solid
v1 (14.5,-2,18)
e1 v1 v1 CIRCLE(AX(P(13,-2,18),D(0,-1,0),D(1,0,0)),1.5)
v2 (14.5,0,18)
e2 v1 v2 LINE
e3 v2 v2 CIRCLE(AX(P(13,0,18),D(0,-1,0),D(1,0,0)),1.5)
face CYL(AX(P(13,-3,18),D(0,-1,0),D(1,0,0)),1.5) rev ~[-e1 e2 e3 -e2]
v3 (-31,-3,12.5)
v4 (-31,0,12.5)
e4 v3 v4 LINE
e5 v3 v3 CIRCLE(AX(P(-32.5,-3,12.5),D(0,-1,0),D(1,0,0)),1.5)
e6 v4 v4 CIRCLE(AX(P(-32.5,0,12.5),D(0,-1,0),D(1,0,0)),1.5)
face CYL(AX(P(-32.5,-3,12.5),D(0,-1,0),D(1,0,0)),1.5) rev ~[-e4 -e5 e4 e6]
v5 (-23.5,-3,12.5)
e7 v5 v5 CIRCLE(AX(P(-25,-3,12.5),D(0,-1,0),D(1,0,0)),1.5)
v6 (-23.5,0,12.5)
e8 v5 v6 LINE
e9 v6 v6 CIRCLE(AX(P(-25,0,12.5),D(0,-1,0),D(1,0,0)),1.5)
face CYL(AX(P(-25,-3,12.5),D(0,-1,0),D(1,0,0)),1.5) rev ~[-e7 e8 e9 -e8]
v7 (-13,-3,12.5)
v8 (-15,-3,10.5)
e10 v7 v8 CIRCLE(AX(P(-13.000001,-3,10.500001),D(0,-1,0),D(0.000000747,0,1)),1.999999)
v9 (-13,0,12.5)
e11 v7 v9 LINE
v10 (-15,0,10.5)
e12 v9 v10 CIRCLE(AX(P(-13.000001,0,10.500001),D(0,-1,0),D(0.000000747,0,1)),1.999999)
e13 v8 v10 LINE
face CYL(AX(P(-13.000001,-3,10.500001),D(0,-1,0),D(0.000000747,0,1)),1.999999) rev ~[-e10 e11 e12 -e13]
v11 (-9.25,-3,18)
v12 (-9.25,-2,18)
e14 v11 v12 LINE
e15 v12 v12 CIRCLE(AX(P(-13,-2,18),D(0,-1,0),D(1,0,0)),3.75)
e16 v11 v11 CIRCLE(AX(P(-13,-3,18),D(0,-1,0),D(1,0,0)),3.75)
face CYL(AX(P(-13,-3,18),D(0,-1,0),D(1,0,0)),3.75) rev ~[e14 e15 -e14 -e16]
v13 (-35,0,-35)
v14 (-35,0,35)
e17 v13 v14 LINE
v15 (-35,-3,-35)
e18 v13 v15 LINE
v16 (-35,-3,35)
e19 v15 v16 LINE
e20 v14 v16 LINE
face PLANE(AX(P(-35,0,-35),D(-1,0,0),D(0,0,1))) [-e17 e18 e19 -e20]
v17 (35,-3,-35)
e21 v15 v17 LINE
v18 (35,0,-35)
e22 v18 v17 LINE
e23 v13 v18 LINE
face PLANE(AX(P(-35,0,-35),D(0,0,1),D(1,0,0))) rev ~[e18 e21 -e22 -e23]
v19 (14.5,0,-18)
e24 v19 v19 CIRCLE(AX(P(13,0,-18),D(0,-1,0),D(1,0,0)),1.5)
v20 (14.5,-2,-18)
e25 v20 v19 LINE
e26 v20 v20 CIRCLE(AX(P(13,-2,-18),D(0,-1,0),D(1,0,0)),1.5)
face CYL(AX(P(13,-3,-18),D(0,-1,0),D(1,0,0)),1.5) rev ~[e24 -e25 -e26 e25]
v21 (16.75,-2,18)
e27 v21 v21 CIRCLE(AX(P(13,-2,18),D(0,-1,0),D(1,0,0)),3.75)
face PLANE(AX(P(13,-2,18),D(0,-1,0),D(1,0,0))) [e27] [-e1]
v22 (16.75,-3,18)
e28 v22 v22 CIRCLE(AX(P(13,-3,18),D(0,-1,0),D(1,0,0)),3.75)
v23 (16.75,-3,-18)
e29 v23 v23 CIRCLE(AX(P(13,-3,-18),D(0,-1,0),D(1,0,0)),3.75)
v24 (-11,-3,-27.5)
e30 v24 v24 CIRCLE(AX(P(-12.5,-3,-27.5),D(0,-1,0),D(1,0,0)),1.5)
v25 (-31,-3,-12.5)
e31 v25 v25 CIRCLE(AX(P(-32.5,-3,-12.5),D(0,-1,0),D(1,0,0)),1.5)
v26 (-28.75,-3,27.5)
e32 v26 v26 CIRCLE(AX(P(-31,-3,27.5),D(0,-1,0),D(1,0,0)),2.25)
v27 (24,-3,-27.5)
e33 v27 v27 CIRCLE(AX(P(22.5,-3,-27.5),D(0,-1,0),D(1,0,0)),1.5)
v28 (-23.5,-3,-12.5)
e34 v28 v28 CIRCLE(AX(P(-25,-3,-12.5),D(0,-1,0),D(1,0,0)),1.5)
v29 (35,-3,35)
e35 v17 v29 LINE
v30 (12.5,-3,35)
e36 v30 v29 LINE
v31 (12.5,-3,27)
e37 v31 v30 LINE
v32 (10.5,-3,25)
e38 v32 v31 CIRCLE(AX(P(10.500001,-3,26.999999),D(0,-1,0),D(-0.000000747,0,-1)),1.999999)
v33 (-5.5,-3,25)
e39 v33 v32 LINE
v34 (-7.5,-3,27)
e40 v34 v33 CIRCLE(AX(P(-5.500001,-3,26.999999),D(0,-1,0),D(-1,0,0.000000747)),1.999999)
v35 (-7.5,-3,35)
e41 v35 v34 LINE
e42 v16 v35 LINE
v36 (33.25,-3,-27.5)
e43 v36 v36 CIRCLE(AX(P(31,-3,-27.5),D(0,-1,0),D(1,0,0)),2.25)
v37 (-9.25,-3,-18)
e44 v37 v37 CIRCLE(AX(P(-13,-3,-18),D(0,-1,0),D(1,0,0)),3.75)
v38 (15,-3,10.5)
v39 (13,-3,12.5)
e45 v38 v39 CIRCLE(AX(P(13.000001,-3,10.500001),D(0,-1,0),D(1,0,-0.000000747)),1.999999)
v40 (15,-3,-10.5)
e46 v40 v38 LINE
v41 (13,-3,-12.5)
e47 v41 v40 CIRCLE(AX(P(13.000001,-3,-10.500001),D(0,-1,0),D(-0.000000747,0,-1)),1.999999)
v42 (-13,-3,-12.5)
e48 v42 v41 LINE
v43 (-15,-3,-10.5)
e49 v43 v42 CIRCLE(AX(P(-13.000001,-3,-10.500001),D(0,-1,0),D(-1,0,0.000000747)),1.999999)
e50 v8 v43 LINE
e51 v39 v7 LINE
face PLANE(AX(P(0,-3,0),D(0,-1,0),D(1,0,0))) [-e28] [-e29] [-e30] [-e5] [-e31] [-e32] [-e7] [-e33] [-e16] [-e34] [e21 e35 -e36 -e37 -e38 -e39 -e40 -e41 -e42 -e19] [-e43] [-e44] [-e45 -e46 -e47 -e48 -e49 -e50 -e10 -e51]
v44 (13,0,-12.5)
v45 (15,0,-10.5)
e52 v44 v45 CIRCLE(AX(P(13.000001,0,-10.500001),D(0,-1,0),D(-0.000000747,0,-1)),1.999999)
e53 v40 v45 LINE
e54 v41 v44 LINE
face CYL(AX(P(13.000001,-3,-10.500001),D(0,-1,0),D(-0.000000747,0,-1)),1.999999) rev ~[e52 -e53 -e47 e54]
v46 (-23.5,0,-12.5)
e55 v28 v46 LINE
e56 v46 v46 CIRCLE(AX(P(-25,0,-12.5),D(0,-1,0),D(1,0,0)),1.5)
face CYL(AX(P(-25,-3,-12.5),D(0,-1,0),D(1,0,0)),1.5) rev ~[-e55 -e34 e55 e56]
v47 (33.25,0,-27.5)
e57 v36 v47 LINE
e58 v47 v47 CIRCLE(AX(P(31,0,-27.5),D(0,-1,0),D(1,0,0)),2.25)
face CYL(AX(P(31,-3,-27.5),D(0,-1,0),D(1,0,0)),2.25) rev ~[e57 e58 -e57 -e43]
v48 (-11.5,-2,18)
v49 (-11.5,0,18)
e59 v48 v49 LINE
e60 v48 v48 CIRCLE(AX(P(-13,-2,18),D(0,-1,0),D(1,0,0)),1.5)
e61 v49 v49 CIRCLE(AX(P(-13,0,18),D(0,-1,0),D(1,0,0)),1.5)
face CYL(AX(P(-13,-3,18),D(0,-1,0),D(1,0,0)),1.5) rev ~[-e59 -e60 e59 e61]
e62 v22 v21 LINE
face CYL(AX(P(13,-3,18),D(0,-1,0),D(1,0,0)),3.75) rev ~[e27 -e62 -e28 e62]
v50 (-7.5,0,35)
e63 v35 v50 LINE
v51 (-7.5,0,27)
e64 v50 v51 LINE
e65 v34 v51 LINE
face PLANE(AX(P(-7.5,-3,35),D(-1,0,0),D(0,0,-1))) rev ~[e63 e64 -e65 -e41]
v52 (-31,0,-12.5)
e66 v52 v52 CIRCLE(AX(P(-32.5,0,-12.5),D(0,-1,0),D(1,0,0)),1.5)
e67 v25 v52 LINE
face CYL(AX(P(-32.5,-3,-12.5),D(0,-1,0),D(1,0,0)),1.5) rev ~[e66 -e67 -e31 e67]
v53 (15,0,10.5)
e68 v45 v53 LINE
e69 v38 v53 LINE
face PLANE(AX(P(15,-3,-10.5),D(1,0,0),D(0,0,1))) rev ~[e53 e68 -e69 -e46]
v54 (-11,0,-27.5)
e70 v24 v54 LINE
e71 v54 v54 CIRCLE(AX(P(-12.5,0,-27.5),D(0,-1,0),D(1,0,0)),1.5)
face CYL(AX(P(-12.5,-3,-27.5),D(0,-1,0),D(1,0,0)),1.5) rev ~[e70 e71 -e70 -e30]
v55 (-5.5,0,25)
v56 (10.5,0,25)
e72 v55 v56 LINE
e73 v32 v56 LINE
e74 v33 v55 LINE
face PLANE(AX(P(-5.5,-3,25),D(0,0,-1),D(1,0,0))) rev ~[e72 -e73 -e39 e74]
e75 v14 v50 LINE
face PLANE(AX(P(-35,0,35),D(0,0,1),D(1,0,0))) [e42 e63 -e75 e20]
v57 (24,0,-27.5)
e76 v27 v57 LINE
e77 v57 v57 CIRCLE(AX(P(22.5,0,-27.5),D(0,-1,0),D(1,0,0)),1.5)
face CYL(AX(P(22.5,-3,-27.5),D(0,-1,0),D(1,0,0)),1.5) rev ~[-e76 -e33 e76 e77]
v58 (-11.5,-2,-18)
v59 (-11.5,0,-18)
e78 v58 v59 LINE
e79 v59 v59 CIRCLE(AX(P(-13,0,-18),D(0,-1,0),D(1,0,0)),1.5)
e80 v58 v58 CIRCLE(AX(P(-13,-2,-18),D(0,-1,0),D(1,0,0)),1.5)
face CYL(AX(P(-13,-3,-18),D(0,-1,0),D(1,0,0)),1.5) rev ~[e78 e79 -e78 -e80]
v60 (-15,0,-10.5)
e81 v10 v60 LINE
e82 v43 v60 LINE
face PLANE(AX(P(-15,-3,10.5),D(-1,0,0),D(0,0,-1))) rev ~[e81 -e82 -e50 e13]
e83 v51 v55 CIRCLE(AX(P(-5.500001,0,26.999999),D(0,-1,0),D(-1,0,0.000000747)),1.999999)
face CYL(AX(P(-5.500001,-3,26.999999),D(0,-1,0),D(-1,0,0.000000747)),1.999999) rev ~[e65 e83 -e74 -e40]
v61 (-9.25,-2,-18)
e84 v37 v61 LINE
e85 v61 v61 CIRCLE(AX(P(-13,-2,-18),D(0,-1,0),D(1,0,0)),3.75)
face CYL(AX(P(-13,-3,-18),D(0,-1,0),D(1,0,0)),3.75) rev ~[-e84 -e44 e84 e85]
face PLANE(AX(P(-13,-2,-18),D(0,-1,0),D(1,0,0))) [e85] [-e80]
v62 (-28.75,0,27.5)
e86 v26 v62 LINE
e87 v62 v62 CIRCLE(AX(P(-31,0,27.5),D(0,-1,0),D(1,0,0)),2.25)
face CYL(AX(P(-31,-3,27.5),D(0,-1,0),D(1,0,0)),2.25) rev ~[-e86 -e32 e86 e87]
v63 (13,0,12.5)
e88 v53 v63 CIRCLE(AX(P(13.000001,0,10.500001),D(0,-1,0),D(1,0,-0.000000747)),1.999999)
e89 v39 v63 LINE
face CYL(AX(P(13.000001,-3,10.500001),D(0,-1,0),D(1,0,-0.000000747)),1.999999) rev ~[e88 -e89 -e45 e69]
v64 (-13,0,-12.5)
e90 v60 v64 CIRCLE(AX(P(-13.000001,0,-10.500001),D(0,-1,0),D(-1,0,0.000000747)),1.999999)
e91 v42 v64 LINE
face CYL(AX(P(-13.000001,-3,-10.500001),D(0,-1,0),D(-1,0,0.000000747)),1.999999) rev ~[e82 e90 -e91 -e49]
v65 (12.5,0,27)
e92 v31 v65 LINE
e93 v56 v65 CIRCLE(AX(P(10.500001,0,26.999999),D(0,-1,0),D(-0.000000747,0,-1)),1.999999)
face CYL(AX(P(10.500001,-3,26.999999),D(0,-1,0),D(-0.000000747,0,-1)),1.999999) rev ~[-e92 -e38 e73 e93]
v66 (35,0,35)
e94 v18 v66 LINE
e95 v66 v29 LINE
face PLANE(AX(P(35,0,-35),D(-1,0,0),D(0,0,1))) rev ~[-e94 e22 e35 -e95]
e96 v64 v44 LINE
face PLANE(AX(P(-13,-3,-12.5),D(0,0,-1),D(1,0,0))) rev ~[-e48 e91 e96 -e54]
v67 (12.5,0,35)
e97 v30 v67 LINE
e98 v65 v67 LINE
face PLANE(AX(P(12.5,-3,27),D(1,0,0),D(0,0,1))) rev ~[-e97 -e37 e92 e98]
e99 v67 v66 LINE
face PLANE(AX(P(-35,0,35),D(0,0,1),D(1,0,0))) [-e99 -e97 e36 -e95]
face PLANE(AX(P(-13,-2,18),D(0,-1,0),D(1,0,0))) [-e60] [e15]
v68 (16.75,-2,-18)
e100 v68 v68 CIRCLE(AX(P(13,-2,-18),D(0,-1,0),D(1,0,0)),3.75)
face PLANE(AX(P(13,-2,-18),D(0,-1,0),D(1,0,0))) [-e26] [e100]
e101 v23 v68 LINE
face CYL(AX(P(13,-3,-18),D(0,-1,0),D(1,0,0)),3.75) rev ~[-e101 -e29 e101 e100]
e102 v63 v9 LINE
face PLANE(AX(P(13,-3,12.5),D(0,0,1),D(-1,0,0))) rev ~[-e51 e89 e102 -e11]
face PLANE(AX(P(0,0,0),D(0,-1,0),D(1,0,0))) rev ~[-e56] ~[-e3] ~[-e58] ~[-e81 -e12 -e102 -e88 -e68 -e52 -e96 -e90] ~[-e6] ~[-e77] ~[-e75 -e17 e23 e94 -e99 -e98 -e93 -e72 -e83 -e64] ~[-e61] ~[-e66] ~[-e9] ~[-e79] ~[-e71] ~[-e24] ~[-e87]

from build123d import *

# Parameters (mm, degrees)
F0_W     = 70
F0_H     = 70
F1_DEPTH = 3
F2_R     = 2.25
F2_R_2   = 1.5
F3_DEPTH = 3.001
F4_R     = 3.75
F5_DEPTH = 1
F6_R     = 1.5
F7_DEPTH = 3.001
F8_R     = 1.5
F9_DEPTH = 3.001


with BuildPart() as f1:
    # F0 (on Front) → F1 (new body)
    with BuildSketch(Plane.XZ):
        Rectangle(F0_W, F0_H)
    extrude(amount=F1_DEPTH)

    # F2 (on face) → F3 (cut, through all)
    with BuildSketch(Plane.XZ.offset(3)):
        with Locations((-31, 27.5)):
            Circle(F2_R)
        with Locations((31, -27.5)):
            Circle(F2_R)
        with Locations((-13, 18)):
            Circle(F2_R_2)
        with Locations((-13, -18)):
            Circle(F2_R_2)
        with Locations((13, 18)):
            Circle(F2_R_2)
        with Locations((13, -18)):
            Circle(F2_R_2)
        with BuildLine():
            Line((-13, -12.5), (13, -12.5))
            ThreePointArc((13, -12.5), (14.414214, -11.914214), (15, -10.5))
            Line((15, -10.5), (15, 10.5))
            ThreePointArc((15, 10.5), (14.414214, 11.914214), (13, 12.5))
            Line((13, 12.5), (-13, 12.5))
            ThreePointArc((-13, 12.5), (-14.414214, 11.914214), (-15, 10.5))
            Line((-15, 10.5), (-15, -10.5))
            ThreePointArc((-15, -10.5), (-14.414214, -11.914214), (-13, -12.5))
        make_face()
        with BuildLine():
            Line((12.5, 35), (-7.5, 35))
            Line((-7.5, 35), (-7.5, 27))
            ThreePointArc((-7.5, 27), (-6.914214, 25.585786), (-5.5, 25))
            Line((-5.5, 25), (10.5, 25))
            ThreePointArc((10.5, 25), (11.914214, 25.585786), (12.5, 27))
            Line((12.5, 27), (12.5, 35))
        make_face()
    extrude(amount=-F3_DEPTH, mode=Mode.SUBTRACT)

    # F4 (on face) → F5 (cut)
    with BuildSketch(Plane.XZ.offset(3)):
        with Locations((-13, 18)):
            Circle(F4_R)
        with Locations((13, 18)):
            Circle(F4_R)
        with Locations((-13, -18)):
            Circle(F4_R)
        with Locations((13, -18)):
            Circle(F4_R)
    extrude(amount=-F5_DEPTH, mode=Mode.SUBTRACT)

    # F6 (on face) → F7 (cut, through all)
    with BuildSketch(Plane.XZ.offset(3)):
        with Locations((-12.5, -27.5)):
            Circle(F6_R)
        with Locations((22.5, -27.5)):
            Circle(F6_R)
    extrude(amount=-F7_DEPTH, mode=Mode.SUBTRACT)

    # F8 (on face) → F9 (cut, through all)
    with BuildSketch(Plane.XZ.offset(3)):
        with Locations((-25, -12.5)):
            Circle(F8_R)
        with Locations((-25, 12.5)):
            Circle(F8_R)
        with Locations((-32.5, -12.5)):
            Circle(F8_R)
        with Locations((-32.5, 12.5)):
            Circle(F8_R)
    extrude(amount=-F9_DEPTH, mode=Mode.SUBTRACT)


solid = f1.part
